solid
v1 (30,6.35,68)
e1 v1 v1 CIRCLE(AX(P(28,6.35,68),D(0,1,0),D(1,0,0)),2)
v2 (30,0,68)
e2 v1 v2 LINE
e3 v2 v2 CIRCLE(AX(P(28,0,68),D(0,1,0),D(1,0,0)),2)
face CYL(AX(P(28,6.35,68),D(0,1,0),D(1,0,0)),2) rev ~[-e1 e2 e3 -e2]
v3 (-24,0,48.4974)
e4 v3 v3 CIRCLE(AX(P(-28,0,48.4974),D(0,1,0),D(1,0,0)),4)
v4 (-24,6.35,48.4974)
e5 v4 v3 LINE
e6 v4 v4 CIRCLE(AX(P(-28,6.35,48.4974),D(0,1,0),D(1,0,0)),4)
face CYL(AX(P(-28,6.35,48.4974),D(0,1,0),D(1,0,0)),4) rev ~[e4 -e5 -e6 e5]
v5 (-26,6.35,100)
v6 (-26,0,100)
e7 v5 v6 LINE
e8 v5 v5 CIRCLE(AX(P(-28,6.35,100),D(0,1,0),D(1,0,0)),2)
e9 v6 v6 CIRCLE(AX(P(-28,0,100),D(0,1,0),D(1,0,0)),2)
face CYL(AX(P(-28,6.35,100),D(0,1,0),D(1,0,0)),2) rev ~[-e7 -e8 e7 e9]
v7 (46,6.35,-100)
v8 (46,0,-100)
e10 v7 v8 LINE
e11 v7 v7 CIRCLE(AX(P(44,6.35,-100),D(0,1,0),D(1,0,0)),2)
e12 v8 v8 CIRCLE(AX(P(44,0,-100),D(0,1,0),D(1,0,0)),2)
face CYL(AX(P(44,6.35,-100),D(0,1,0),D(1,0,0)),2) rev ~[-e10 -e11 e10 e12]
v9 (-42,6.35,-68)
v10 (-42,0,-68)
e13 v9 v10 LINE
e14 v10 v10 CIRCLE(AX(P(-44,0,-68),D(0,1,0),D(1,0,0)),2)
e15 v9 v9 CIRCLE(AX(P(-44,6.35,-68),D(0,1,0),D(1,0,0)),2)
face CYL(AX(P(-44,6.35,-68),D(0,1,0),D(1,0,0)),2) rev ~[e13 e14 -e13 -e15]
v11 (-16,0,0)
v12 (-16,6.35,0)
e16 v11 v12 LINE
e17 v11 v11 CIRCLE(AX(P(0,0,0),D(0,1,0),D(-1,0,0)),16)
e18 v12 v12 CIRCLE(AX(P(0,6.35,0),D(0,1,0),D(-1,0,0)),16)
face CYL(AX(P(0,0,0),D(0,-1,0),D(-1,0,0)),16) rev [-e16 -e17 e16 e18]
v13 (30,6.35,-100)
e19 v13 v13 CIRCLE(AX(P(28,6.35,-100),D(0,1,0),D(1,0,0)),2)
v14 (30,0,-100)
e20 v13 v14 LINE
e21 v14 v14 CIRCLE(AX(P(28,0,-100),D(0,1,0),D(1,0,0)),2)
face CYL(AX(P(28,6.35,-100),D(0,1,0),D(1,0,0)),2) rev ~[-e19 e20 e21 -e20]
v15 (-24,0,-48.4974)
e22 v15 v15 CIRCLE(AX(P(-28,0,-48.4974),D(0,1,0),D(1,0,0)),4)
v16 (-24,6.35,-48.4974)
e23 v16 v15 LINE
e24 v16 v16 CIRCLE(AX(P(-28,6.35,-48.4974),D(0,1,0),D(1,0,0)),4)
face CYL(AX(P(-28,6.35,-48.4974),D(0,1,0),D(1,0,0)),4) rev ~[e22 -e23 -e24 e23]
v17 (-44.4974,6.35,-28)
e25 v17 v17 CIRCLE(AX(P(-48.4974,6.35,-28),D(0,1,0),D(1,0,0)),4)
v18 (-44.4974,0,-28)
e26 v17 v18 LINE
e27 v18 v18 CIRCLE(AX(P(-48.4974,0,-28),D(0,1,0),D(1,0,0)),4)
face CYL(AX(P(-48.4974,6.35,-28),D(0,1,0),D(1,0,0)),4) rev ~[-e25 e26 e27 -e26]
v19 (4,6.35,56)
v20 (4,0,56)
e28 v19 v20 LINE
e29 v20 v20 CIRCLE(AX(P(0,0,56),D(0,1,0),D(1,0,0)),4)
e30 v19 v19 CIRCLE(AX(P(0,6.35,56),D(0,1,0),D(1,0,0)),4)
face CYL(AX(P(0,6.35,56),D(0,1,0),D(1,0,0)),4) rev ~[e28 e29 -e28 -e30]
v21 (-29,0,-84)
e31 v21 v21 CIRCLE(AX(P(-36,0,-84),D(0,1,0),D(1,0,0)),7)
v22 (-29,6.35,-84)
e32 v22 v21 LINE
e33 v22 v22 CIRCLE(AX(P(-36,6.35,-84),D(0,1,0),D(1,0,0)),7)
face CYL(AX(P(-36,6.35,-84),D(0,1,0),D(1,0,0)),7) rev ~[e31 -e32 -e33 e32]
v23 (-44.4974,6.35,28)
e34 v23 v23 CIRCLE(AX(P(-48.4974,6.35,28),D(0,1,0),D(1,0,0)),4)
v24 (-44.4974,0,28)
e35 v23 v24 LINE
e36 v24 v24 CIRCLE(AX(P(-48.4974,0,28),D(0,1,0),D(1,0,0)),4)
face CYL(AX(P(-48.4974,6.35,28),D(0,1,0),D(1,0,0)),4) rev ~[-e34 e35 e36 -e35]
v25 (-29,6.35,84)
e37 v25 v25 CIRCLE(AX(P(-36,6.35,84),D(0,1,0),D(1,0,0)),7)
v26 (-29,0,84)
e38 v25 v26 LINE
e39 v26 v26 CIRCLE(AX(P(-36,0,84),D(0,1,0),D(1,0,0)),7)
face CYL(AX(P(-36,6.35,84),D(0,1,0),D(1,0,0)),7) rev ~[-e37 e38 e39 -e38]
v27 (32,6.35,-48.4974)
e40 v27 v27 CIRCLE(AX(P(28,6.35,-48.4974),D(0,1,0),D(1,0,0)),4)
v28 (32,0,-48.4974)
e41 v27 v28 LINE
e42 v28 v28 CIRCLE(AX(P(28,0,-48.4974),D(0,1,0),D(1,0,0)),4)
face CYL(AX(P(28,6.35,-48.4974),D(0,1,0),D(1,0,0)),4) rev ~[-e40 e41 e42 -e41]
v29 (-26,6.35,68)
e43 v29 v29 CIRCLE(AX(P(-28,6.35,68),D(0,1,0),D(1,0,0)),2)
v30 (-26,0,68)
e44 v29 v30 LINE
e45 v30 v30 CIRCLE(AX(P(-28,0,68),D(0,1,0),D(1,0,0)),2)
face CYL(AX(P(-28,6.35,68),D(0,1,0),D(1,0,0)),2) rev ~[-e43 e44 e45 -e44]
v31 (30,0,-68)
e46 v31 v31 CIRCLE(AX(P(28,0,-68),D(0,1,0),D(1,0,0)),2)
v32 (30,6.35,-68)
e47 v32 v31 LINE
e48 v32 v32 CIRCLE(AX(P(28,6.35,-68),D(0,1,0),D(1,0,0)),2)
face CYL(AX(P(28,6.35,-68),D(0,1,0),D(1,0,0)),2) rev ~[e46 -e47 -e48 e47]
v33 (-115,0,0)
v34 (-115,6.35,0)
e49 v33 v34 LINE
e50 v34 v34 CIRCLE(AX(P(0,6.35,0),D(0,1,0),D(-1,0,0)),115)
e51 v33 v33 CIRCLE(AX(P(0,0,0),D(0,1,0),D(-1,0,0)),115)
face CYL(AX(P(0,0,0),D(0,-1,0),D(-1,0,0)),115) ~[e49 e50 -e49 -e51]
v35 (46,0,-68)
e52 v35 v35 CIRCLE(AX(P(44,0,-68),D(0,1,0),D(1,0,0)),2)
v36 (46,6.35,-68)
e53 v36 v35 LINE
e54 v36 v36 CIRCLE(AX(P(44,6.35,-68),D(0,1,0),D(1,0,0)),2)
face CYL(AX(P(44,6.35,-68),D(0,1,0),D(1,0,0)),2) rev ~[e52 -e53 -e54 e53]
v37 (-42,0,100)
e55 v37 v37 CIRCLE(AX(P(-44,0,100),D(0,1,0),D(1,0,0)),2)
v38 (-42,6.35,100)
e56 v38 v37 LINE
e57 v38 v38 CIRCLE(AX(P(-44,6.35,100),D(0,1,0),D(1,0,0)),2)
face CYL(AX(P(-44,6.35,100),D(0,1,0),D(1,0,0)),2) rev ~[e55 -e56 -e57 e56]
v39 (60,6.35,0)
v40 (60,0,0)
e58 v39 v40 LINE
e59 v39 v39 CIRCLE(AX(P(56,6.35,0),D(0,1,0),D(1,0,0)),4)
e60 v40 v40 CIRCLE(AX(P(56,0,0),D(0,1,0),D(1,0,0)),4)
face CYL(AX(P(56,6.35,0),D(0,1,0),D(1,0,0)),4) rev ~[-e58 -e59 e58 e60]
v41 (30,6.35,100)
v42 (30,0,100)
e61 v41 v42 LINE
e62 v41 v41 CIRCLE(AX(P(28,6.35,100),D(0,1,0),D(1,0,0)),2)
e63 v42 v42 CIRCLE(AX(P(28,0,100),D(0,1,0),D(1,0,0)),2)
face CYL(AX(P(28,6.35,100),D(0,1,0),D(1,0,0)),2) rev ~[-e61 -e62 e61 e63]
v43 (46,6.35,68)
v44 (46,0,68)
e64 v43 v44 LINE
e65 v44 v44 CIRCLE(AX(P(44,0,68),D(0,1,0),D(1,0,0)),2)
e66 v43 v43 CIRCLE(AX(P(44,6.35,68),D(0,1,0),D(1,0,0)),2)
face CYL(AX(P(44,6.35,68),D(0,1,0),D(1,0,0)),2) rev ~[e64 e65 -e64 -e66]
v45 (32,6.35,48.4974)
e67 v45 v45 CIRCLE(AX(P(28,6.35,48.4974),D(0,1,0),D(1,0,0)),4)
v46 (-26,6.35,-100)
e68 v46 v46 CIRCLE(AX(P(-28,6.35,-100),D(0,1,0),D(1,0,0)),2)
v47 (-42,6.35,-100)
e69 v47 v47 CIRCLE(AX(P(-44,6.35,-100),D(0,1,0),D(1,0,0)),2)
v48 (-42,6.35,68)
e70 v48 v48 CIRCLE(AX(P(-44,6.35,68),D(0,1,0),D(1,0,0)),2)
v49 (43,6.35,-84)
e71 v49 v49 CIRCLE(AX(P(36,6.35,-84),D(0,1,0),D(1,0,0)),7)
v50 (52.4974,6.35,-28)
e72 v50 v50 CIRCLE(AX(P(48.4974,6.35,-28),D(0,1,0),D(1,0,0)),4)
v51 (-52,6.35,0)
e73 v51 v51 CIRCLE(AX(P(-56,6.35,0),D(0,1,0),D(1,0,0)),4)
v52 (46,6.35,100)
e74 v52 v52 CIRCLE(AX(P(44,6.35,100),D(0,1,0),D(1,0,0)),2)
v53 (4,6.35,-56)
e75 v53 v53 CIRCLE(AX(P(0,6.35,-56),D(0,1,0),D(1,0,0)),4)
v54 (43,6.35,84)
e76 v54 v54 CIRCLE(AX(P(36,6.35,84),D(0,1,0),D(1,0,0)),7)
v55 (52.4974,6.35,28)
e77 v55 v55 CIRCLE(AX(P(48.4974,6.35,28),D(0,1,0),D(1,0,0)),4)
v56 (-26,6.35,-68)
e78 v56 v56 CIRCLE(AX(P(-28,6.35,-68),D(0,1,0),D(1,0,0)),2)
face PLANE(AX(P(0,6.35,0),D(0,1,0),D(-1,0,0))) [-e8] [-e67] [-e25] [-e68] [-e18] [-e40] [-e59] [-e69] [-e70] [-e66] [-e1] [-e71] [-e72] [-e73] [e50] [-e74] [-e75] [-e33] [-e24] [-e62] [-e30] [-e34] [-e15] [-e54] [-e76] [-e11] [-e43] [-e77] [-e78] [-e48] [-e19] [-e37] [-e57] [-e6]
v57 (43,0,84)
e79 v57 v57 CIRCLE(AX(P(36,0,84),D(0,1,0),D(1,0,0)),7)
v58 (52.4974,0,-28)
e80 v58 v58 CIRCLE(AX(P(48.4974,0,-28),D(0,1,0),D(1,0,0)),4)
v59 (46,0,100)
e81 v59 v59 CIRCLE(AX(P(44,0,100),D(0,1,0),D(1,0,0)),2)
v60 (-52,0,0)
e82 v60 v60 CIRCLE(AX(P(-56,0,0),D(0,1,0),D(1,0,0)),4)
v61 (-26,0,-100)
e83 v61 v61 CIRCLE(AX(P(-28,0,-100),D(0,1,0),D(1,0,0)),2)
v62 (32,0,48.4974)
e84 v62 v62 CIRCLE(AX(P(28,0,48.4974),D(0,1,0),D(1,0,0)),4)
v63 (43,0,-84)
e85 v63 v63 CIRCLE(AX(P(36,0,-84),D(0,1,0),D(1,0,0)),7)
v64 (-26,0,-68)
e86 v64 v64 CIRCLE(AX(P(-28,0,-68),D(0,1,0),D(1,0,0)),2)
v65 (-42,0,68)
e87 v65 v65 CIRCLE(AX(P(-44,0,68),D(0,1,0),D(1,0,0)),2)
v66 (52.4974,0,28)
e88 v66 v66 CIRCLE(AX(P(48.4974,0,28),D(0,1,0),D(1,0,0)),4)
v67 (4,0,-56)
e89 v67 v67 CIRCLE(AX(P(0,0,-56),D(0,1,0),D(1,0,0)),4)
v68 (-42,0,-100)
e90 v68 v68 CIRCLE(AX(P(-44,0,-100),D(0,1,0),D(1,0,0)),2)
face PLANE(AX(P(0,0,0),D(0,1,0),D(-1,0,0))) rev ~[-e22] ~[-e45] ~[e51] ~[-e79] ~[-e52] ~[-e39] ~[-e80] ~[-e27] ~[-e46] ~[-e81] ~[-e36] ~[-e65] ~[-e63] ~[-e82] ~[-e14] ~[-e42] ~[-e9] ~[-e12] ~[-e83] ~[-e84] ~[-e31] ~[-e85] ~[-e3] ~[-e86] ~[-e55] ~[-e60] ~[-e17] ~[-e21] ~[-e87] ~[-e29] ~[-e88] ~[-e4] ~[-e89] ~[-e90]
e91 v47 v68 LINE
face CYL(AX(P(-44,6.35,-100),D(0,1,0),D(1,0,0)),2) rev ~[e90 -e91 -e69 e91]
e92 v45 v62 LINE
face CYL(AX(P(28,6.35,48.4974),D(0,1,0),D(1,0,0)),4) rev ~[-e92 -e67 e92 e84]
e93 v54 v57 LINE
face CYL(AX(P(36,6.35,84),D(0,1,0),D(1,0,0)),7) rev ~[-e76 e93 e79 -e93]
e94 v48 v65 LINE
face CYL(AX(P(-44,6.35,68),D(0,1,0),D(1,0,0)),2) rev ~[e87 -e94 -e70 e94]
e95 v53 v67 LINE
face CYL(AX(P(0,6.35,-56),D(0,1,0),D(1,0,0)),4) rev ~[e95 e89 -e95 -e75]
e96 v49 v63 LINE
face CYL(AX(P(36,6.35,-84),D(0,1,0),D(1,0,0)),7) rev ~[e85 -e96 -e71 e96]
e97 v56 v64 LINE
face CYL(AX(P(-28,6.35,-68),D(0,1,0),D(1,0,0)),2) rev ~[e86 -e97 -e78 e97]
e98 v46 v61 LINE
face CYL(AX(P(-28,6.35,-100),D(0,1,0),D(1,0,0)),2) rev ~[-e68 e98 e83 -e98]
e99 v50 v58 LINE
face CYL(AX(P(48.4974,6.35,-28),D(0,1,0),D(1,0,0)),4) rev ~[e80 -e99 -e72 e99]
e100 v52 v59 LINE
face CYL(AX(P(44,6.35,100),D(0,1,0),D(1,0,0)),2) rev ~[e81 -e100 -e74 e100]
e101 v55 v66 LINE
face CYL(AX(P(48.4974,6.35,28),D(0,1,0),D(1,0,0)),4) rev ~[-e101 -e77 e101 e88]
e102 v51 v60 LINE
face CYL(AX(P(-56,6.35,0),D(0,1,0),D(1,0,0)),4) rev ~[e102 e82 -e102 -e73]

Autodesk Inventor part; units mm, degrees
ref_plane "YZ Plane" through (0, 0, 0) normal (1, 0, 0) x (0, 1, 0)
ref_plane "XZ Plane" through (0, 0, 0) normal (0, 1, 0) x (-1, 0, 0)
ref_plane "XY Plane" through (0, 0, 0) normal (0, 0, 1) x (1, 0, 0)
sketch "Sketch1" plane through (0, 0, 0) normal (0, 1, 0) x (-1, 0, 0)
  circle A0 centre (0, 0) radius 115
  circle A1 centre (0, 0) radius 16
  dimension "d0" = 230
  dimension "d1" = 32
extrude "Extrusion1" add sketch "Sketch1" along normal blind 6.35
sketch "Sketch2" plane through (0, 6.35, 0) normal (0, 1, 0) x (1, 0, 0)
  circle A0 centre (0, 56) radius 4
  circle A1 centre (-28, 48.4974) radius 4
  circle A2 centre (-48.4974, 28) radius 4
  circle A3 centre (-56, 0) radius 4
  circle A4 centre (-48.4974, -28) radius 4
  circle A5 centre (-28, -48.4974) radius 4
  circle A6 centre (0, -56) radius 4
  circle A7 centre (28, -48.4974) radius 4
  circle A8 centre (48.4974, -28) radius 4
  circle A9 centre (56, 0) radius 4
  circle A10 centre (48.4974, 28) radius 4
  circle A11 centre (28, 48.4974) radius 4
  point P0 (0, 0)
  dimension "d4" = 8
  dimension "d5" = 56
  dimension "d8" = 360
extrude "Extrusion2" cut sketch "Sketch2" against normal through all
sketch "Sketch4" plane through (0, 6.35, 0) normal (0, 1, 0) x (1, 0, 0)
  circle A0 centre (-36, 84) radius 7
  circle A1 centre (-44, 100) radius 2
  line L0 (-36, 91) -> (-36, 77) construction
  line L1 (-43, 84) -> (-29, 84) construction
  circle A2 centre (-28, 100) radius 2
  circle A3 centre (-44, 68) radius 2
  circle A4 centre (-28, 68) radius 2
  circle A5 centre (0, 0) radius 16 construction
  line L2 (0, 16) -> (0, -16) construction
  line L3 (-16, 0) -> (16, 0) construction
  circle A6 centre (36, 84) radius 7
  circle A7 centre (44, 100) radius 2
  circle A8 centre (28, 100) radius 2
  circle A9 centre (44, 68) radius 2
  circle A10 centre (28, 68) radius 2
  circle A11 centre (-36, -84) radius 7
  circle A12 centre (-44, -100) radius 2
  circle A13 centre (-28, -100) radius 2
  circle A14 centre (-44, -68) radius 2
  circle A15 centre (-28, -68) radius 2
  circle A16 centre (36, -84) radius 7
  circle A17 centre (44, -100) radius 2
  circle A18 centre (28, -100) radius 2
  circle A19 centre (28, -68) radius 2
  circle A20 centre (44, -68) radius 2
  circle A21 centre (0, 0) radius 64 construction
  point P0 (-29, -84)
  dimension "d34" = 14
  dimension "d35" = 36
  dimension "d36" = 84
  dimension "d37" = 4
  dimension "d38" = 8
  dimension "d39" = 16
  dimension "d42" = 128
extrude "Extrusion4" cut sketch "Sketch4" against normal through all
properties part number "ArmBase"
